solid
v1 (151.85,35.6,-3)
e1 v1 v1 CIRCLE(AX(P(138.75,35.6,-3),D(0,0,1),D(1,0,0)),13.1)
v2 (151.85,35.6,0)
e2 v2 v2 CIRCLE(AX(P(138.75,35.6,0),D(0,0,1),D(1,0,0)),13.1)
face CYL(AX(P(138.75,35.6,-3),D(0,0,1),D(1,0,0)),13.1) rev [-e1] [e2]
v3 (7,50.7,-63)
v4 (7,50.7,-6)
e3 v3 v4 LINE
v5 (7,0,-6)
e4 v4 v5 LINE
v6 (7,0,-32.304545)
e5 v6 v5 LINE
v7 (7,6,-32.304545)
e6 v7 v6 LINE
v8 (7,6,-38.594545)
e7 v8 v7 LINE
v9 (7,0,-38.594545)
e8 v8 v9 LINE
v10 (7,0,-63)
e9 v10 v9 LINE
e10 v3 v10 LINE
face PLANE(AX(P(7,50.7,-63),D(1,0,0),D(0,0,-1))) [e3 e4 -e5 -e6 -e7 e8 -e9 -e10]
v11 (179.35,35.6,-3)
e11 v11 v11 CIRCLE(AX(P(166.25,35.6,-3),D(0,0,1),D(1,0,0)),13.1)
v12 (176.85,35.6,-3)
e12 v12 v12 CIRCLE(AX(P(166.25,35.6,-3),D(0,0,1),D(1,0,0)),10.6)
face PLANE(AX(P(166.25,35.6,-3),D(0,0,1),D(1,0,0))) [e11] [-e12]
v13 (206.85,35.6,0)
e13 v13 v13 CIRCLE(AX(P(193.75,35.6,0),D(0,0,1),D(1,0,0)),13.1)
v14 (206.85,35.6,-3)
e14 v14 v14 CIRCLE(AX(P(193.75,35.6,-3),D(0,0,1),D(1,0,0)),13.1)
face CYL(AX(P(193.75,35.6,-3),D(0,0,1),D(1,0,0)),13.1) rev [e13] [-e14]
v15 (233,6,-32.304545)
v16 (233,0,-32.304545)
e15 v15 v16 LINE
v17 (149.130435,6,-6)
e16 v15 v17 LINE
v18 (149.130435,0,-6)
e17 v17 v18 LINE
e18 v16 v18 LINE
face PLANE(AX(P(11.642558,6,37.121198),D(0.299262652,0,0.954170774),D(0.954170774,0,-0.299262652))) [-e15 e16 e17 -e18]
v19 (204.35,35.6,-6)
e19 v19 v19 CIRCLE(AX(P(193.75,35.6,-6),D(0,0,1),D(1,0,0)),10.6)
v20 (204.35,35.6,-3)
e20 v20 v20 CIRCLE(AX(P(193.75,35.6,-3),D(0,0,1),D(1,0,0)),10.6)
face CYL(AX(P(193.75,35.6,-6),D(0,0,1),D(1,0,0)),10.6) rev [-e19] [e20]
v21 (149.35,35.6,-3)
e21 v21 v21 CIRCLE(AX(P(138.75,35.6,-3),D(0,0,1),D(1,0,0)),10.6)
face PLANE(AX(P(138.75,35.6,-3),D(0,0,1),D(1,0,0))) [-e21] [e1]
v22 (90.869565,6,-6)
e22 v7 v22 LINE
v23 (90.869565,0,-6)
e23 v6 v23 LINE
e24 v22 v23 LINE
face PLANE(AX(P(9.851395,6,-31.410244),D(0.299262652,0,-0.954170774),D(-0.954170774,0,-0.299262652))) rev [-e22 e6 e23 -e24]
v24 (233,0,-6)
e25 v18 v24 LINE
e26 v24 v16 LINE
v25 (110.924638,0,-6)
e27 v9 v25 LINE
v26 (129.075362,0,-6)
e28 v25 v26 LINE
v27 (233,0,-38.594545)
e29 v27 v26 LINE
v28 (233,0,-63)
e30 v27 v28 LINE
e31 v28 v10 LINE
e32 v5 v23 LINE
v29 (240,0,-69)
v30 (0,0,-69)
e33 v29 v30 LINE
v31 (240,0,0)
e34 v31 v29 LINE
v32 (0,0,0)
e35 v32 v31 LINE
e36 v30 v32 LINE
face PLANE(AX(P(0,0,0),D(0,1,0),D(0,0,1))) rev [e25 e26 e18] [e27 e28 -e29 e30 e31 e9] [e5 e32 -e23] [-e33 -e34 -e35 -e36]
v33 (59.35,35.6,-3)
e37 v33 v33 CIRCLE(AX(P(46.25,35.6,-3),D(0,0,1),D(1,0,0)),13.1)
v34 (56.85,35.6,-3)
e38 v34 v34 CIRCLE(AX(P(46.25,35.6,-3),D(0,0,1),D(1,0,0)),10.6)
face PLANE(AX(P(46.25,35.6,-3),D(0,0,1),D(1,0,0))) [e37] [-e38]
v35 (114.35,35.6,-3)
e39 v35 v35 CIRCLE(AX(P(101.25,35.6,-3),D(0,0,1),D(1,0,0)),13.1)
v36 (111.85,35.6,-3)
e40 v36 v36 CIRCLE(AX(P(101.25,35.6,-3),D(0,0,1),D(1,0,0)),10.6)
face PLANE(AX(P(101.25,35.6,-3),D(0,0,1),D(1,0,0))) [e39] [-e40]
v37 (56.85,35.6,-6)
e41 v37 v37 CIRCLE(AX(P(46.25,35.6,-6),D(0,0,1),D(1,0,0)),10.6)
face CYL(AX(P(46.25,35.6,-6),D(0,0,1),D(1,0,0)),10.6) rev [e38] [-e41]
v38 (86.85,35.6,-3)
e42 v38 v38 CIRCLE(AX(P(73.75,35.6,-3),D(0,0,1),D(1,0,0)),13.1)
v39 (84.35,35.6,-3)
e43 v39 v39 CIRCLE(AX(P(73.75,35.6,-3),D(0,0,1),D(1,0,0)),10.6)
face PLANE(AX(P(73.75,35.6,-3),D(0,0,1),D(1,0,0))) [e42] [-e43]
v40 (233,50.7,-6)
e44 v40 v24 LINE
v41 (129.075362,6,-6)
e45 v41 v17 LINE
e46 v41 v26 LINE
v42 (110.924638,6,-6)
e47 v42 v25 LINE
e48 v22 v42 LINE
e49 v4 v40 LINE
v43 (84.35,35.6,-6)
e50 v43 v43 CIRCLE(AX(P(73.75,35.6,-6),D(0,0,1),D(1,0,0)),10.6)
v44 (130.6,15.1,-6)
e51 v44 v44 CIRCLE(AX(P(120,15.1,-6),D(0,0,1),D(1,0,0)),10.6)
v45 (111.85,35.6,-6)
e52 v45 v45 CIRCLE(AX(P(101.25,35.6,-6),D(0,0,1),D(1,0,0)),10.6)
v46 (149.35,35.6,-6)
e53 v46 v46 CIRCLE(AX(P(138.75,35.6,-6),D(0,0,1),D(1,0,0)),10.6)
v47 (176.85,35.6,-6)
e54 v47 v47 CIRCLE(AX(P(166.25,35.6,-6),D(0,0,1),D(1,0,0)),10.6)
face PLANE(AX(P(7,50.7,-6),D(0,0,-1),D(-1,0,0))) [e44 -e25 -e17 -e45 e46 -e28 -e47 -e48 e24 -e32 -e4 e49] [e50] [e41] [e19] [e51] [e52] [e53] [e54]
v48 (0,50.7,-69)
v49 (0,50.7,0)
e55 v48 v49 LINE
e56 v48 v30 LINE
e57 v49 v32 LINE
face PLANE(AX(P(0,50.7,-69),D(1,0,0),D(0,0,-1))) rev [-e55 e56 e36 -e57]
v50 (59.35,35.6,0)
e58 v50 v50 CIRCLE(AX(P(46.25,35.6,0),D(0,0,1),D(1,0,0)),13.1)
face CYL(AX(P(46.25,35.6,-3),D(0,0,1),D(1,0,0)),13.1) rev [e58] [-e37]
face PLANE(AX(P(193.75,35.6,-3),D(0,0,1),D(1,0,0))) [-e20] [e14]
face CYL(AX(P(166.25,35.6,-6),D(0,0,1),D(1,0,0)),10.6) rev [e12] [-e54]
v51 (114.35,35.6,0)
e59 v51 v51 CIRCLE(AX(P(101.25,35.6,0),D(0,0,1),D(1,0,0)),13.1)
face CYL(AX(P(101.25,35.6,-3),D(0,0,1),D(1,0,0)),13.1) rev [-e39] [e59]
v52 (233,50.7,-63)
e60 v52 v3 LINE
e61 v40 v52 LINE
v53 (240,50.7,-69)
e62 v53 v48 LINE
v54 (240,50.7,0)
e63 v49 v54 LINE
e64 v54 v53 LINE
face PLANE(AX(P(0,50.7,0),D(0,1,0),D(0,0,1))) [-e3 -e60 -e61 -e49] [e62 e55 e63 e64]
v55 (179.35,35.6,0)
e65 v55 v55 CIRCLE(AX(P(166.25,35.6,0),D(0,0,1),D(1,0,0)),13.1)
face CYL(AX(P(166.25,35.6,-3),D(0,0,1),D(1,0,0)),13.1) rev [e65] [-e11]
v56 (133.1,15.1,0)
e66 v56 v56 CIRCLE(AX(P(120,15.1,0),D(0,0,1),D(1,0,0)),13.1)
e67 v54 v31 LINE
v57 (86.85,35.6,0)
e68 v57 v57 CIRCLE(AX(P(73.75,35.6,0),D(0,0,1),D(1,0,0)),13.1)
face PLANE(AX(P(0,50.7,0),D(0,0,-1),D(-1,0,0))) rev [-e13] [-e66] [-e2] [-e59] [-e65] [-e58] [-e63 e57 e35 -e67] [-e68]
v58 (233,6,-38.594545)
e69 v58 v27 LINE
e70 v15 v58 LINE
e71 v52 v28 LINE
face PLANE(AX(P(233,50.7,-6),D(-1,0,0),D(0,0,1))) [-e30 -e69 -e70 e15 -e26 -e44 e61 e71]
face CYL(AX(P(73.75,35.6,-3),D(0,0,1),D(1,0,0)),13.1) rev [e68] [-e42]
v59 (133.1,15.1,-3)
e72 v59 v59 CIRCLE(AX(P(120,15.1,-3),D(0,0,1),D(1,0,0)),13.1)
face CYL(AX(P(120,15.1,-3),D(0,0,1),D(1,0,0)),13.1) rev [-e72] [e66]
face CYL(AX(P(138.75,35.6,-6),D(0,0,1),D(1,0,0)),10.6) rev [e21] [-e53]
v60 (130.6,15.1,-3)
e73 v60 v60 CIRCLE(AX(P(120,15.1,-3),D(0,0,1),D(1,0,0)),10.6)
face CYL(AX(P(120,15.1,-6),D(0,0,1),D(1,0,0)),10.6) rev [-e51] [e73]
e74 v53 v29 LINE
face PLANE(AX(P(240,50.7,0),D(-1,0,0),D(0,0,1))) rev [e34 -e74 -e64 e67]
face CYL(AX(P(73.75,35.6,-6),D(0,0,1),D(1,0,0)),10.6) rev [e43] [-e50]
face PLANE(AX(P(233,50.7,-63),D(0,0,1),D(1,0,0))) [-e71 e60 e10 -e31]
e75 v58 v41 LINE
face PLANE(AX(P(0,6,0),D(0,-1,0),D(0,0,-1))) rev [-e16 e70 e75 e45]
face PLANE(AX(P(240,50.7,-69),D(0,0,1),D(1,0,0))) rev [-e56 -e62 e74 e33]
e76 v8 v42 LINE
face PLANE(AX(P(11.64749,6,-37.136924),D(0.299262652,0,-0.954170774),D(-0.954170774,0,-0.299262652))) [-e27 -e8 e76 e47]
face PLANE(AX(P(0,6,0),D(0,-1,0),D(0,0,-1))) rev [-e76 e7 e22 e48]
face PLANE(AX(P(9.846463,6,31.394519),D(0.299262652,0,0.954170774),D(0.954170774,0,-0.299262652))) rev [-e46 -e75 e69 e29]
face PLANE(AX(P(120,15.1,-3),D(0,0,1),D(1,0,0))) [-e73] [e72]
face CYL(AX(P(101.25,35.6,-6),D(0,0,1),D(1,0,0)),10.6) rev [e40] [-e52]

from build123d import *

# Parameters (mm, degrees)
SKICA1_W                 = 240
SKICA1_H                 = 69
SKICA1_W_2               = 226
SKICA1_H_2               = 57
P_IDAT_VYSUNUT_M1_DEPTH  = 50.7
SKICA2_R                 = 13.1
ODEBRAT_VYSUNUT_M1_DEPTH = 3
SKICA4_R                 = 10.6
ODEBRAT_VYSUNUT_M2_DEPTH = 6
P_IDAT_VYSUNUT_M2_DEPTH  = 6


with BuildPart() as part:
    # Skica1 → Přidat vysunutím1 (new body)
    with BuildSketch(Plane(origin=(0, 0, 0), x_dir=(1, 0, 0), z_dir=(0, 1, 0))):
        with Locations((120, 34.5)):
            Rectangle(SKICA1_W, SKICA1_H)
        with Locations((120, 34.5)):
            Rectangle(SKICA1_W_2, SKICA1_H_2, mode=Mode.SUBTRACT)
    extrude(amount=P_IDAT_VYSUNUT_M1_DEPTH)

    # Skica2 → Odebrat vysunutím1 (cut)
    with BuildSketch(Plane.XY):
        with Locations((46.25, 35.6)):
            Circle(SKICA2_R)
        with Locations((73.75, 35.6)):
            Circle(SKICA2_R)
        with Locations((101.25, 35.6)):
            Circle(SKICA2_R)
        with Locations((138.75, 35.6)):
            Circle(SKICA2_R)
        with Locations((166.25, 35.6)):
            Circle(SKICA2_R)
        with Locations((193.75, 35.6)):
            Circle(SKICA2_R)
        with Locations((120, 15.1)):
            Circle(SKICA2_R)
    extrude(amount=-ODEBRAT_VYSUNUT_M1_DEPTH, mode=Mode.SUBTRACT)

    # Skica4 → Odebrat vysunutím2 (cut)
    with BuildSketch(Plane.XY):
        with Locations((46.25, 35.6)):
            Circle(SKICA4_R)
        with Locations((73.75, 35.6)):
            Circle(SKICA4_R)
        with Locations((138.75, 35.6)):
            Circle(SKICA4_R)
        with Locations((101.25, 35.6)):
            Circle(SKICA4_R)
        with Locations((120, 15.1)):
            Circle(SKICA4_R)
        with Locations((166.25, 35.6)):
            Circle(SKICA4_R)
        with Locations((193.75, 35.6)):
            Circle(SKICA4_R)
    extrude(amount=-ODEBRAT_VYSUNUT_M2_DEPTH, mode=Mode.SUBTRACT)

    # Skica5 → Přidat vysunutím2 (add)
    with BuildSketch(Plane.XZ):
        Polygon((149.130434783, -6), (129.075362319, -6), (233, -38.594545455), (233, -32.304545455), align=None)
        Polygon((90.869565217, -6), (7, -32.304545455), (7, -38.594545455), (110.924637681, -6), align=None)
    extrude(amount=-P_IDAT_VYSUNUT_M2_DEPTH)


solid = part.part
